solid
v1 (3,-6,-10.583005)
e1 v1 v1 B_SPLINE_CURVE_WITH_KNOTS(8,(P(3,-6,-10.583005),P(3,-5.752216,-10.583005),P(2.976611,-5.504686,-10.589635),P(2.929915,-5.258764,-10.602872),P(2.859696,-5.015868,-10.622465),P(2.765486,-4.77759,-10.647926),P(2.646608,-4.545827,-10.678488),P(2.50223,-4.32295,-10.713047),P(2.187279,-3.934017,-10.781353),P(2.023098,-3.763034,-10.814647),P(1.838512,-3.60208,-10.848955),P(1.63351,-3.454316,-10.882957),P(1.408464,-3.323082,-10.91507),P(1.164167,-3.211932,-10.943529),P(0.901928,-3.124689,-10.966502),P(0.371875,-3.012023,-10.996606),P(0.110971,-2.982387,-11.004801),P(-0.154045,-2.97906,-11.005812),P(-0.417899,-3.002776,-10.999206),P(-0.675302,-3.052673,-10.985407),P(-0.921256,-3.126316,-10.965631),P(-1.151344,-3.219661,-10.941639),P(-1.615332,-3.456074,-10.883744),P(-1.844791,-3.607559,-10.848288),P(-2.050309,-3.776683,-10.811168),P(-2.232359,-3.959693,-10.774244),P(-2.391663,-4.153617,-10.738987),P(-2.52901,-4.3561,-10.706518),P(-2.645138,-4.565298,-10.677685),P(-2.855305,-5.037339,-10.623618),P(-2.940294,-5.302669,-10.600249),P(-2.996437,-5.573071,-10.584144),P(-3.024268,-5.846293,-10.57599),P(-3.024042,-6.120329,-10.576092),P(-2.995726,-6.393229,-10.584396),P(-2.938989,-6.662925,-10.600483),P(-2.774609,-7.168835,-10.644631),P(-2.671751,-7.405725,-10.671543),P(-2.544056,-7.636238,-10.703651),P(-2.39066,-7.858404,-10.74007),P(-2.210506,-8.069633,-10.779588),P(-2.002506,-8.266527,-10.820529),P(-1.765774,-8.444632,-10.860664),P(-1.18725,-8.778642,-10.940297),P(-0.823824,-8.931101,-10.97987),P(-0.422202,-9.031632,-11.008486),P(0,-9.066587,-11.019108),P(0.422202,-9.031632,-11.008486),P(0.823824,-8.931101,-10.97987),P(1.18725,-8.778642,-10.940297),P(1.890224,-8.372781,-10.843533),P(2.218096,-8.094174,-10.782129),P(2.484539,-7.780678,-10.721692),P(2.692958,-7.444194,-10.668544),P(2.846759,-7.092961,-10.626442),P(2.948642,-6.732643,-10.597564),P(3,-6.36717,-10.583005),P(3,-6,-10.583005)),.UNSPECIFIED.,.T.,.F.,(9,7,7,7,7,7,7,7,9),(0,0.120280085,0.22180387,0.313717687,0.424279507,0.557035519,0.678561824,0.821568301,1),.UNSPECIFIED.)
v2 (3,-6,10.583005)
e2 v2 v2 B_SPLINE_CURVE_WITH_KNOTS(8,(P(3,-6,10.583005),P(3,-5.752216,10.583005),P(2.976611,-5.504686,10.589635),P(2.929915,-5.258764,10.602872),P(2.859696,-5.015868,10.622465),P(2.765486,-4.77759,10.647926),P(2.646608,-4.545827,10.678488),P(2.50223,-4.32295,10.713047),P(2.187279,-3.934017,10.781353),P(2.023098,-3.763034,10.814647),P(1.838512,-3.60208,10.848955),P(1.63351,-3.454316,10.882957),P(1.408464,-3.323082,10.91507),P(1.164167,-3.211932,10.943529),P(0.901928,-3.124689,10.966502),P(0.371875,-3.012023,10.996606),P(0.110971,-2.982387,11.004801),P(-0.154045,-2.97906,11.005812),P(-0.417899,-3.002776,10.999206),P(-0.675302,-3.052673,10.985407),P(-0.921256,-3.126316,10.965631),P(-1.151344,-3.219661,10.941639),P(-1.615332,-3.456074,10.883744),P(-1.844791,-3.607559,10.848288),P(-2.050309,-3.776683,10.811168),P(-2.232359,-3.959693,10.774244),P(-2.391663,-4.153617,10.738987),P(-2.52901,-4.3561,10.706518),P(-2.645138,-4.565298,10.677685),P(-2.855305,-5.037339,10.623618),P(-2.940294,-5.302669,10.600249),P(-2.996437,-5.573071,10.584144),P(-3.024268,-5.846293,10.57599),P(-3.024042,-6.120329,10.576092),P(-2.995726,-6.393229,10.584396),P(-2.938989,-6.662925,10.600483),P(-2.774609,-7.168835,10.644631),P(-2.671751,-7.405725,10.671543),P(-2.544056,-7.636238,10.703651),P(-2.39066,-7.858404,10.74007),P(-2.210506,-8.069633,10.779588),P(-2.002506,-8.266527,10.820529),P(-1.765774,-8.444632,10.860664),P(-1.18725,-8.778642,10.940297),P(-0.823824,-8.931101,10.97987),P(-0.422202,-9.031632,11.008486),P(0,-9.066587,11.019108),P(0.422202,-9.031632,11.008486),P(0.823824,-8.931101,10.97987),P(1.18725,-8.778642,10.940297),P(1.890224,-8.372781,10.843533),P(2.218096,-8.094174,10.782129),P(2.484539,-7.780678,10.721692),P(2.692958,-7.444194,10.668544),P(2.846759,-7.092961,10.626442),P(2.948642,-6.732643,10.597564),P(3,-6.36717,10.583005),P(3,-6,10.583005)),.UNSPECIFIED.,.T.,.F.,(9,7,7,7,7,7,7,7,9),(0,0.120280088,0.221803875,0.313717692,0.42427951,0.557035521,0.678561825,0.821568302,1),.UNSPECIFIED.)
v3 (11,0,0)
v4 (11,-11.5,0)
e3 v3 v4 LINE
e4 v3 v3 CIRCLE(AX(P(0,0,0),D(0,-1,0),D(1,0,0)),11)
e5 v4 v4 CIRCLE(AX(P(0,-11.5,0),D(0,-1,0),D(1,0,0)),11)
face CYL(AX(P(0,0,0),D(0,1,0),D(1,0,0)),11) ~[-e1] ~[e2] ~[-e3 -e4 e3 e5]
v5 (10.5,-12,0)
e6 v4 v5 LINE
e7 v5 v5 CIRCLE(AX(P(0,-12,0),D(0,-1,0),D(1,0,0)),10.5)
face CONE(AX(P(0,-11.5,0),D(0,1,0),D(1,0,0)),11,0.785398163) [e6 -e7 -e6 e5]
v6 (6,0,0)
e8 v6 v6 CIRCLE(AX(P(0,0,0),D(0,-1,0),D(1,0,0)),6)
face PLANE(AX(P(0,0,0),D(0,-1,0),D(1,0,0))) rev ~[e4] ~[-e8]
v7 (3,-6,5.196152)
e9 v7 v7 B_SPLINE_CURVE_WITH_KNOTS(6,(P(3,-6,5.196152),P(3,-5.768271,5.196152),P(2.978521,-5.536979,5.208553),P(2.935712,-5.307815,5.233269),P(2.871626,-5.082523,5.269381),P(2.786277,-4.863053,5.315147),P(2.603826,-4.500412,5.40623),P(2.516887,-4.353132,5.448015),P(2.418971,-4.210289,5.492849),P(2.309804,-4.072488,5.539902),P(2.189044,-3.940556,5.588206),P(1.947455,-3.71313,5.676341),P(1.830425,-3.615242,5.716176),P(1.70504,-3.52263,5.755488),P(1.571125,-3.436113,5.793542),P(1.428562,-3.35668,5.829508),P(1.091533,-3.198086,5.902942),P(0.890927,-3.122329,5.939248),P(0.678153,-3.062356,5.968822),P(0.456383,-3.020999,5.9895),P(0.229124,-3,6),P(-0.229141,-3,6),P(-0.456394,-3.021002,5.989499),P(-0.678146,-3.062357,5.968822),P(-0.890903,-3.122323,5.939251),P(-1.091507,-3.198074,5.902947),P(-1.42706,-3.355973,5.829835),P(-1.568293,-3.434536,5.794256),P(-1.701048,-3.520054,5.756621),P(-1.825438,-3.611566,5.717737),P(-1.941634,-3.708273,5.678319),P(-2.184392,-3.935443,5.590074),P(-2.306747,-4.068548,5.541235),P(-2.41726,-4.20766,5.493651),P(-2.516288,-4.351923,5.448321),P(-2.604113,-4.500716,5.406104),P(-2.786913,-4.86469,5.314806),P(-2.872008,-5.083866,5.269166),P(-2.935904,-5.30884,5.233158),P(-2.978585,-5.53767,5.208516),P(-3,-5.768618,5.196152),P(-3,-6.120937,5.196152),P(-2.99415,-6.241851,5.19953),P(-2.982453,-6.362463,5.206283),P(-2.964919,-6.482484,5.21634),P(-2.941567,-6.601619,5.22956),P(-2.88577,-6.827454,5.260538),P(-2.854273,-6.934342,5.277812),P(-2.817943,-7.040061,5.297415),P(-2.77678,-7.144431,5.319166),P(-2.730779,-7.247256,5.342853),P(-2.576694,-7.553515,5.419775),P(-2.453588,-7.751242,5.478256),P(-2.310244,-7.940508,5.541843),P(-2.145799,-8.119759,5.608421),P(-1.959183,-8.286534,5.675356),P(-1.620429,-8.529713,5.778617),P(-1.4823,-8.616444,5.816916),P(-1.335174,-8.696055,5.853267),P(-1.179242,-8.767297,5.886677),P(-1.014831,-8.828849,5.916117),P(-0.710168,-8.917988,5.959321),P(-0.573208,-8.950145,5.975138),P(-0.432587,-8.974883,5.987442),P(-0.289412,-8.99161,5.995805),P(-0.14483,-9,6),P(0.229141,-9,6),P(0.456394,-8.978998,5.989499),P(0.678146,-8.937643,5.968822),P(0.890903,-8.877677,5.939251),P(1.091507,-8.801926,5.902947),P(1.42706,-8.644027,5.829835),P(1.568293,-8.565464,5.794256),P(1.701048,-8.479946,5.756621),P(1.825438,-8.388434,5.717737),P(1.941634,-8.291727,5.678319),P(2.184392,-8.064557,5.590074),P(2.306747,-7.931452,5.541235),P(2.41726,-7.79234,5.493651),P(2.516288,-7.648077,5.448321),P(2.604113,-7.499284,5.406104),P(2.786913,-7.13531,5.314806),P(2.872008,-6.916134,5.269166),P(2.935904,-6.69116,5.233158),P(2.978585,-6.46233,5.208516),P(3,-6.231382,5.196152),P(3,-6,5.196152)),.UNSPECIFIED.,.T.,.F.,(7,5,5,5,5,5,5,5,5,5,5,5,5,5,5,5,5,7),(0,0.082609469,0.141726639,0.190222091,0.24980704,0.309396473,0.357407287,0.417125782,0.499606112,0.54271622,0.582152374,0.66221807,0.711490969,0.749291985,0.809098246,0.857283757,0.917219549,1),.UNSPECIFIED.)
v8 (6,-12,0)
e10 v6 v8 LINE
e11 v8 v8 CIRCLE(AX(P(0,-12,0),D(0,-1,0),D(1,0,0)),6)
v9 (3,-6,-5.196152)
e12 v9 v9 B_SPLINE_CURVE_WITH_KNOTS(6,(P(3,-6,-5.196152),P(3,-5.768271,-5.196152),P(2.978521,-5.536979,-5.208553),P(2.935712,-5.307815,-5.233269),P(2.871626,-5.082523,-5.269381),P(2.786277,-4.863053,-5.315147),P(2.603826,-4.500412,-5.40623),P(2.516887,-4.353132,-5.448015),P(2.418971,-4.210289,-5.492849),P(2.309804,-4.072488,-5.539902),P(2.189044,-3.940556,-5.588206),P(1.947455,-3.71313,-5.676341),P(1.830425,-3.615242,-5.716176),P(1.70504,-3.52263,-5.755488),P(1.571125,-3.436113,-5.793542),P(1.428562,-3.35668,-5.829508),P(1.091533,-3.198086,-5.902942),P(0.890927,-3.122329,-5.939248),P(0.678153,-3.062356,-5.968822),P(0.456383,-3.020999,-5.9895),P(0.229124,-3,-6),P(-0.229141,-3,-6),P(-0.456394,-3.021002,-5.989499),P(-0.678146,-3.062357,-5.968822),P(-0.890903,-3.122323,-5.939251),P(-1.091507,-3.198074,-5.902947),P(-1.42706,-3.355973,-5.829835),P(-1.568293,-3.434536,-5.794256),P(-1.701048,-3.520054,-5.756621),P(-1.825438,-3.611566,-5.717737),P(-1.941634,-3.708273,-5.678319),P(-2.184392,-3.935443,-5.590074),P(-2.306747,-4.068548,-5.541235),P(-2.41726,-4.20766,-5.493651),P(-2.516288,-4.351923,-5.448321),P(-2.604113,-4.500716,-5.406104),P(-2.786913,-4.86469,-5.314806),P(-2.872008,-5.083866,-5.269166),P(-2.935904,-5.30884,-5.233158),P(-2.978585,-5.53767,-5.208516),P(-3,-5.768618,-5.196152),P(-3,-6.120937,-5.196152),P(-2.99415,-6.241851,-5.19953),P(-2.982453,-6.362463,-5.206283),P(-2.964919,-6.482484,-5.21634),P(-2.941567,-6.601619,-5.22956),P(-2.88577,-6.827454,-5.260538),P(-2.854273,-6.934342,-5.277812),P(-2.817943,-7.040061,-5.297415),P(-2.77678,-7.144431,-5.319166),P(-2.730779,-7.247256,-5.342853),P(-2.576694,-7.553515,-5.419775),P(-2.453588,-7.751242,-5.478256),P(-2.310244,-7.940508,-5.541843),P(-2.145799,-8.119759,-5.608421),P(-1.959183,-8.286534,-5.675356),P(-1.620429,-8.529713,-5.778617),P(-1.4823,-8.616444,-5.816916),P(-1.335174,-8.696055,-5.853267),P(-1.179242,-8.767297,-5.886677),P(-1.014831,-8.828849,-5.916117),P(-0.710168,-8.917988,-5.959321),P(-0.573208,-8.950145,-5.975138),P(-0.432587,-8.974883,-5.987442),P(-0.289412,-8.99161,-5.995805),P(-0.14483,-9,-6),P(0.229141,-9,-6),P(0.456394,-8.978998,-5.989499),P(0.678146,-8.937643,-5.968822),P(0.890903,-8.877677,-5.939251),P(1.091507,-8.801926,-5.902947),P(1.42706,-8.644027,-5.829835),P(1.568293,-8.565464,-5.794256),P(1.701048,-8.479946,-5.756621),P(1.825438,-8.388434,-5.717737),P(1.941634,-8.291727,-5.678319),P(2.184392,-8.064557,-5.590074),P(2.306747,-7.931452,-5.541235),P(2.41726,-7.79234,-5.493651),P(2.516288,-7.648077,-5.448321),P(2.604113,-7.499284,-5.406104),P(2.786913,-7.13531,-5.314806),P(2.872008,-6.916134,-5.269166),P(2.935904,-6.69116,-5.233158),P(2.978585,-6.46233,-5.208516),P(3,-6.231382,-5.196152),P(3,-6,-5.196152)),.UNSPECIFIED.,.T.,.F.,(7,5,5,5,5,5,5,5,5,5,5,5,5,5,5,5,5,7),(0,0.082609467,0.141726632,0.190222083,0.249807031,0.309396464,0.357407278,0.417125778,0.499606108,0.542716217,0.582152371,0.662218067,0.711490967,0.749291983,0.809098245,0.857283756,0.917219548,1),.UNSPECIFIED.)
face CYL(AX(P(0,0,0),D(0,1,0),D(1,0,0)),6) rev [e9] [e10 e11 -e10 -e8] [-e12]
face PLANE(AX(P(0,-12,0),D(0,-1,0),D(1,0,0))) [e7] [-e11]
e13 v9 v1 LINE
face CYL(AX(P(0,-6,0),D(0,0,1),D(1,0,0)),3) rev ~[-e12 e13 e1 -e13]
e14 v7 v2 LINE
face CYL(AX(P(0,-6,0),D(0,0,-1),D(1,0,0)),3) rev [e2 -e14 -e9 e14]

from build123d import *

# Parameters (mm, degrees)
F0_R          = 11
F0_R_2        = 6
F1_DEPTH      = 12
F2_SIZE       = 0.5
F3_R          = 3
F4_DEPTH      = 25
F4_DEPTH_BACK = 25


with BuildPart() as f1:
    # F0 (on Front) → F1 (new body)
    with BuildSketch(Plane.XZ):
        Circle(F0_R)
        Circle(F0_R_2, mode=Mode.SUBTRACT)
    extrude(amount=F1_DEPTH)

    # F2
    f2_edges = [f1.edges().sort_by_distance(p)[0] for p in [
        (-11, -12, 0),
    ]]
    chamfer(f2_edges, length=F2_SIZE)

    # F3 (on Top) → F4 (cut, two sides)
    with BuildSketch(Plane.XY) as f4_sk:
        with Locations((0, -6)):
            Circle(F3_R)
    extrude(amount=F4_DEPTH, mode=Mode.SUBTRACT)
    extrude(f4_sk.sketch, amount=-F4_DEPTH_BACK, mode=Mode.SUBTRACT)


solid = f1.part
